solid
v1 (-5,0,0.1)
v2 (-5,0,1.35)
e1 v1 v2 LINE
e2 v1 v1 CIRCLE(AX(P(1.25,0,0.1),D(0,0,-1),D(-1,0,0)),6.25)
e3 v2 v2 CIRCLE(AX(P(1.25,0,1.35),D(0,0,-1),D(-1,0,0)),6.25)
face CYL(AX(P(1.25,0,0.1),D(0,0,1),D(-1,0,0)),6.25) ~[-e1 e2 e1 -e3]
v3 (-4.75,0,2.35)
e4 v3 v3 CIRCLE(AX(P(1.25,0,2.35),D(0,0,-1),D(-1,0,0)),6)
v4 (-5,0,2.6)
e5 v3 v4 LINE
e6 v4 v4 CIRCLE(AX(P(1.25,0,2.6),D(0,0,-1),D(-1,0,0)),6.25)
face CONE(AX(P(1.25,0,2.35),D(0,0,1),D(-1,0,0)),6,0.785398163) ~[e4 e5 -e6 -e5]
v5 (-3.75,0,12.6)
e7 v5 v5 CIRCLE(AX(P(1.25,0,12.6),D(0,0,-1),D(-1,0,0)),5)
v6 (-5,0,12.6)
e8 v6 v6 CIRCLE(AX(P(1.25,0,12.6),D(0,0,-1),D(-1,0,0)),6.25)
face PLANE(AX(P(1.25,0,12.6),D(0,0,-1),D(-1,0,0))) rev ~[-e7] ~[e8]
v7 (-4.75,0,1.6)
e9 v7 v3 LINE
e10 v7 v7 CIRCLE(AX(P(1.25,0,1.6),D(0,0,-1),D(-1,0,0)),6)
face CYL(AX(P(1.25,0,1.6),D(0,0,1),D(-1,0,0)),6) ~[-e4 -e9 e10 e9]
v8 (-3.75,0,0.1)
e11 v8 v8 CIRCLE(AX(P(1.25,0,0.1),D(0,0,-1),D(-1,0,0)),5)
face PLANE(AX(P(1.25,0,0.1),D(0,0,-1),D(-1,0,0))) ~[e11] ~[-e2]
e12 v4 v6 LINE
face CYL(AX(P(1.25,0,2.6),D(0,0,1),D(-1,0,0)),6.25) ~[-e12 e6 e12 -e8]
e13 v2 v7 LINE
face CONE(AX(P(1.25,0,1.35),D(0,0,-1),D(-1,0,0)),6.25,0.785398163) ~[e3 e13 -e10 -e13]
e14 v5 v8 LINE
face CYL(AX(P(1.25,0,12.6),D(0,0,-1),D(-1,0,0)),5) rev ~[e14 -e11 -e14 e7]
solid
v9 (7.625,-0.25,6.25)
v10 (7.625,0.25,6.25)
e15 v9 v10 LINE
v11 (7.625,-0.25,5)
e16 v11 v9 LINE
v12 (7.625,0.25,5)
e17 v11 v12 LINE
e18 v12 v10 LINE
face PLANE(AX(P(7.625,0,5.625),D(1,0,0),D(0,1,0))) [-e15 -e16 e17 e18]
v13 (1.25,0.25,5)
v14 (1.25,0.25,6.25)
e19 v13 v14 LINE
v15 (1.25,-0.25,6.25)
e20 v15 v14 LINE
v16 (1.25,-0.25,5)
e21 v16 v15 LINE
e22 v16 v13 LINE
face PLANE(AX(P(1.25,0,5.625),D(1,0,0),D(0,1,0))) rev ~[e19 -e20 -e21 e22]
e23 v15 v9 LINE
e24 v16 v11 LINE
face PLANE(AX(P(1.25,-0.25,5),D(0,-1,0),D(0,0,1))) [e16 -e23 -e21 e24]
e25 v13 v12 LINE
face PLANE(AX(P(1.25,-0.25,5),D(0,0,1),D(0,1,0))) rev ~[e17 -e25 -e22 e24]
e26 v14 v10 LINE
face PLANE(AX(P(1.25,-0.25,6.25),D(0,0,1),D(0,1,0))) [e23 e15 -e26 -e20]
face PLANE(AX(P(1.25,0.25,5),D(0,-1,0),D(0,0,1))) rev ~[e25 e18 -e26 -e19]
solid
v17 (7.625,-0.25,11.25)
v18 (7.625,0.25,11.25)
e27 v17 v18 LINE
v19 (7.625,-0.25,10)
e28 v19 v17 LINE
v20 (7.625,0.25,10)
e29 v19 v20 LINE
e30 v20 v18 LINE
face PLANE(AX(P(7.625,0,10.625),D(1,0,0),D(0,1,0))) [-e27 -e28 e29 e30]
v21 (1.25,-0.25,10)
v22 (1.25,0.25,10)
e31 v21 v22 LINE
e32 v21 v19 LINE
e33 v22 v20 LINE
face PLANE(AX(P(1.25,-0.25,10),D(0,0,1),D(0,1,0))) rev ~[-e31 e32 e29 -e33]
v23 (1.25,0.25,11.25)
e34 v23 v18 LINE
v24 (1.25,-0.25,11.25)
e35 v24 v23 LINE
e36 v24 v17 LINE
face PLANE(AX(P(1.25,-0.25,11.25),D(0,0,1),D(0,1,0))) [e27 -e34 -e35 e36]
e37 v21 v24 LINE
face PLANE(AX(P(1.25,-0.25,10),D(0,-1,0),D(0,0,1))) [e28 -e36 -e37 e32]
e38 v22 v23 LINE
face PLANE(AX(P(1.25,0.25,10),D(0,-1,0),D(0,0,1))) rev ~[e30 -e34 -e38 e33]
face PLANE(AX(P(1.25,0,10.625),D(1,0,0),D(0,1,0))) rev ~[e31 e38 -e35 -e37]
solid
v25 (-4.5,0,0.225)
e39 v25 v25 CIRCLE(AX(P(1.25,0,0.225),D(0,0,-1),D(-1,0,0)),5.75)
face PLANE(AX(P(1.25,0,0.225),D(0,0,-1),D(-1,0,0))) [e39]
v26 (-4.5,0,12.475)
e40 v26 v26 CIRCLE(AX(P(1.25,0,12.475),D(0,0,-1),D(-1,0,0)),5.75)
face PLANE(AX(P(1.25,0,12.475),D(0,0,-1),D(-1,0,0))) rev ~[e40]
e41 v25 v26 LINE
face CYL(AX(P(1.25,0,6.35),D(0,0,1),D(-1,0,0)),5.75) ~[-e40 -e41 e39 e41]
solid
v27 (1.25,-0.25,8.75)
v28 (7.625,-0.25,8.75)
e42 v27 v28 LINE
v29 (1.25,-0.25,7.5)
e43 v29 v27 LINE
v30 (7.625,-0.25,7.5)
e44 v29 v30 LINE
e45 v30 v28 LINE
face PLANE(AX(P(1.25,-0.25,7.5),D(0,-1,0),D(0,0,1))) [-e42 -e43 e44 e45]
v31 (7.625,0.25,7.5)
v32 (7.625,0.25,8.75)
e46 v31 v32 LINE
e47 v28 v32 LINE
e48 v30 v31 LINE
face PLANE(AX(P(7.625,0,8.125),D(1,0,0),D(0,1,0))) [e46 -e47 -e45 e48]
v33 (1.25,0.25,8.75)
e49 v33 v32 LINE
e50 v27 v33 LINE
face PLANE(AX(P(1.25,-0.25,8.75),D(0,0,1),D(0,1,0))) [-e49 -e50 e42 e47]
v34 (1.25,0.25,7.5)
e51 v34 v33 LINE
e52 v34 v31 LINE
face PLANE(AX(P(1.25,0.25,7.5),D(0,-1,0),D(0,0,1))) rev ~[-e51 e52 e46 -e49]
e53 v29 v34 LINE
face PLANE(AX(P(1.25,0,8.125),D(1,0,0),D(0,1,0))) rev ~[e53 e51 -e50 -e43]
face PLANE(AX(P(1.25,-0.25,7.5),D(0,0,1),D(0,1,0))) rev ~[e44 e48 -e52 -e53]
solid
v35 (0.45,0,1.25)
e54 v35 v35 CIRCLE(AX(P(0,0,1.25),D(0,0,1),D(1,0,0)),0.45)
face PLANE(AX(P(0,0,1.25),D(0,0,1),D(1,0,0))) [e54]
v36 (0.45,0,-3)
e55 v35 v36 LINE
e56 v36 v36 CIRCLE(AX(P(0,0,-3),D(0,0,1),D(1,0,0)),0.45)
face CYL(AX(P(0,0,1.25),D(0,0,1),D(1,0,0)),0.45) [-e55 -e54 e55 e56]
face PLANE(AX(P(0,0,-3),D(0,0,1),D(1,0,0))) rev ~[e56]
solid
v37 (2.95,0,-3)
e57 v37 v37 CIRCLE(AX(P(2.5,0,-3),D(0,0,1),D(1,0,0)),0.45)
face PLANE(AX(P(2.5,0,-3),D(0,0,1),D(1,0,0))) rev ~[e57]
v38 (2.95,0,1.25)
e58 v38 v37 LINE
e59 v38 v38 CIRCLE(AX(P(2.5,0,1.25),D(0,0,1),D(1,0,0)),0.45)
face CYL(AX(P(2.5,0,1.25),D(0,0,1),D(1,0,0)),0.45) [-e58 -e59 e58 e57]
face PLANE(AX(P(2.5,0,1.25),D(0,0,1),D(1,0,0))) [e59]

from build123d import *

# Parameters (mm, degrees)
SKETCH002_W  = 5.75
SKETCH002_H  = 12.25
SKETCH003_R  = 0.45
PAD_DEPTH    = 4.25
SKETCH004_W  = 0.5
SKETCH004_H  = 1.25
PAD001_DEPTH = 6.375


with BuildPart() as revolution:
    # Sketch → Revolution (revolve)
    with BuildSketch(Plane.XZ):
        Polygon((-5, 0.1), (-5, 1.35), (-4.75, 1.6), (-4.75, 2.35), (-5, 2.6), (-5, 12.6), (-3.75, 12.6), (-3.75, 0.1), align=None)
    revolve(axis=Axis((1.25, 0, 7.548619), (0, 0, -1)))


with BuildPart() as revolution001:
    # Sketch002 → Revolution001 (revolve)
    with BuildSketch(Plane.XZ):
        with Locations((-1.625, 6.35)):
            Rectangle(SKETCH002_W, SKETCH002_H)
    revolve(axis=Axis((1.25, 0, 4.680116), (0, 0, -1)))


with BuildPart() as pad:
    # Sketch003 → Pad (new body)
    with BuildSketch(Plane.XY.offset(1.25)):
        Circle(SKETCH003_R)
        with Locations((2.5, 0)):
            Circle(SKETCH003_R)
    extrude(amount=-PAD_DEPTH)


with BuildPart() as pad001:
    # Sketch004 → Pad001 (new body)
    with BuildSketch(Plane.YZ.offset(1.25)):
        with Locations((0, 5.625)):
            Rectangle(SKETCH004_W, SKETCH004_H)
        with Locations((0, 8.125)):
            Rectangle(SKETCH004_W, SKETCH004_H)
        with Locations((0, 10.625)):
            Rectangle(SKETCH004_W, SKETCH004_H)
    extrude(amount=PAD001_DEPTH)


solid = Compound([revolution.part, revolution001.part, pad.part, pad001.part])
